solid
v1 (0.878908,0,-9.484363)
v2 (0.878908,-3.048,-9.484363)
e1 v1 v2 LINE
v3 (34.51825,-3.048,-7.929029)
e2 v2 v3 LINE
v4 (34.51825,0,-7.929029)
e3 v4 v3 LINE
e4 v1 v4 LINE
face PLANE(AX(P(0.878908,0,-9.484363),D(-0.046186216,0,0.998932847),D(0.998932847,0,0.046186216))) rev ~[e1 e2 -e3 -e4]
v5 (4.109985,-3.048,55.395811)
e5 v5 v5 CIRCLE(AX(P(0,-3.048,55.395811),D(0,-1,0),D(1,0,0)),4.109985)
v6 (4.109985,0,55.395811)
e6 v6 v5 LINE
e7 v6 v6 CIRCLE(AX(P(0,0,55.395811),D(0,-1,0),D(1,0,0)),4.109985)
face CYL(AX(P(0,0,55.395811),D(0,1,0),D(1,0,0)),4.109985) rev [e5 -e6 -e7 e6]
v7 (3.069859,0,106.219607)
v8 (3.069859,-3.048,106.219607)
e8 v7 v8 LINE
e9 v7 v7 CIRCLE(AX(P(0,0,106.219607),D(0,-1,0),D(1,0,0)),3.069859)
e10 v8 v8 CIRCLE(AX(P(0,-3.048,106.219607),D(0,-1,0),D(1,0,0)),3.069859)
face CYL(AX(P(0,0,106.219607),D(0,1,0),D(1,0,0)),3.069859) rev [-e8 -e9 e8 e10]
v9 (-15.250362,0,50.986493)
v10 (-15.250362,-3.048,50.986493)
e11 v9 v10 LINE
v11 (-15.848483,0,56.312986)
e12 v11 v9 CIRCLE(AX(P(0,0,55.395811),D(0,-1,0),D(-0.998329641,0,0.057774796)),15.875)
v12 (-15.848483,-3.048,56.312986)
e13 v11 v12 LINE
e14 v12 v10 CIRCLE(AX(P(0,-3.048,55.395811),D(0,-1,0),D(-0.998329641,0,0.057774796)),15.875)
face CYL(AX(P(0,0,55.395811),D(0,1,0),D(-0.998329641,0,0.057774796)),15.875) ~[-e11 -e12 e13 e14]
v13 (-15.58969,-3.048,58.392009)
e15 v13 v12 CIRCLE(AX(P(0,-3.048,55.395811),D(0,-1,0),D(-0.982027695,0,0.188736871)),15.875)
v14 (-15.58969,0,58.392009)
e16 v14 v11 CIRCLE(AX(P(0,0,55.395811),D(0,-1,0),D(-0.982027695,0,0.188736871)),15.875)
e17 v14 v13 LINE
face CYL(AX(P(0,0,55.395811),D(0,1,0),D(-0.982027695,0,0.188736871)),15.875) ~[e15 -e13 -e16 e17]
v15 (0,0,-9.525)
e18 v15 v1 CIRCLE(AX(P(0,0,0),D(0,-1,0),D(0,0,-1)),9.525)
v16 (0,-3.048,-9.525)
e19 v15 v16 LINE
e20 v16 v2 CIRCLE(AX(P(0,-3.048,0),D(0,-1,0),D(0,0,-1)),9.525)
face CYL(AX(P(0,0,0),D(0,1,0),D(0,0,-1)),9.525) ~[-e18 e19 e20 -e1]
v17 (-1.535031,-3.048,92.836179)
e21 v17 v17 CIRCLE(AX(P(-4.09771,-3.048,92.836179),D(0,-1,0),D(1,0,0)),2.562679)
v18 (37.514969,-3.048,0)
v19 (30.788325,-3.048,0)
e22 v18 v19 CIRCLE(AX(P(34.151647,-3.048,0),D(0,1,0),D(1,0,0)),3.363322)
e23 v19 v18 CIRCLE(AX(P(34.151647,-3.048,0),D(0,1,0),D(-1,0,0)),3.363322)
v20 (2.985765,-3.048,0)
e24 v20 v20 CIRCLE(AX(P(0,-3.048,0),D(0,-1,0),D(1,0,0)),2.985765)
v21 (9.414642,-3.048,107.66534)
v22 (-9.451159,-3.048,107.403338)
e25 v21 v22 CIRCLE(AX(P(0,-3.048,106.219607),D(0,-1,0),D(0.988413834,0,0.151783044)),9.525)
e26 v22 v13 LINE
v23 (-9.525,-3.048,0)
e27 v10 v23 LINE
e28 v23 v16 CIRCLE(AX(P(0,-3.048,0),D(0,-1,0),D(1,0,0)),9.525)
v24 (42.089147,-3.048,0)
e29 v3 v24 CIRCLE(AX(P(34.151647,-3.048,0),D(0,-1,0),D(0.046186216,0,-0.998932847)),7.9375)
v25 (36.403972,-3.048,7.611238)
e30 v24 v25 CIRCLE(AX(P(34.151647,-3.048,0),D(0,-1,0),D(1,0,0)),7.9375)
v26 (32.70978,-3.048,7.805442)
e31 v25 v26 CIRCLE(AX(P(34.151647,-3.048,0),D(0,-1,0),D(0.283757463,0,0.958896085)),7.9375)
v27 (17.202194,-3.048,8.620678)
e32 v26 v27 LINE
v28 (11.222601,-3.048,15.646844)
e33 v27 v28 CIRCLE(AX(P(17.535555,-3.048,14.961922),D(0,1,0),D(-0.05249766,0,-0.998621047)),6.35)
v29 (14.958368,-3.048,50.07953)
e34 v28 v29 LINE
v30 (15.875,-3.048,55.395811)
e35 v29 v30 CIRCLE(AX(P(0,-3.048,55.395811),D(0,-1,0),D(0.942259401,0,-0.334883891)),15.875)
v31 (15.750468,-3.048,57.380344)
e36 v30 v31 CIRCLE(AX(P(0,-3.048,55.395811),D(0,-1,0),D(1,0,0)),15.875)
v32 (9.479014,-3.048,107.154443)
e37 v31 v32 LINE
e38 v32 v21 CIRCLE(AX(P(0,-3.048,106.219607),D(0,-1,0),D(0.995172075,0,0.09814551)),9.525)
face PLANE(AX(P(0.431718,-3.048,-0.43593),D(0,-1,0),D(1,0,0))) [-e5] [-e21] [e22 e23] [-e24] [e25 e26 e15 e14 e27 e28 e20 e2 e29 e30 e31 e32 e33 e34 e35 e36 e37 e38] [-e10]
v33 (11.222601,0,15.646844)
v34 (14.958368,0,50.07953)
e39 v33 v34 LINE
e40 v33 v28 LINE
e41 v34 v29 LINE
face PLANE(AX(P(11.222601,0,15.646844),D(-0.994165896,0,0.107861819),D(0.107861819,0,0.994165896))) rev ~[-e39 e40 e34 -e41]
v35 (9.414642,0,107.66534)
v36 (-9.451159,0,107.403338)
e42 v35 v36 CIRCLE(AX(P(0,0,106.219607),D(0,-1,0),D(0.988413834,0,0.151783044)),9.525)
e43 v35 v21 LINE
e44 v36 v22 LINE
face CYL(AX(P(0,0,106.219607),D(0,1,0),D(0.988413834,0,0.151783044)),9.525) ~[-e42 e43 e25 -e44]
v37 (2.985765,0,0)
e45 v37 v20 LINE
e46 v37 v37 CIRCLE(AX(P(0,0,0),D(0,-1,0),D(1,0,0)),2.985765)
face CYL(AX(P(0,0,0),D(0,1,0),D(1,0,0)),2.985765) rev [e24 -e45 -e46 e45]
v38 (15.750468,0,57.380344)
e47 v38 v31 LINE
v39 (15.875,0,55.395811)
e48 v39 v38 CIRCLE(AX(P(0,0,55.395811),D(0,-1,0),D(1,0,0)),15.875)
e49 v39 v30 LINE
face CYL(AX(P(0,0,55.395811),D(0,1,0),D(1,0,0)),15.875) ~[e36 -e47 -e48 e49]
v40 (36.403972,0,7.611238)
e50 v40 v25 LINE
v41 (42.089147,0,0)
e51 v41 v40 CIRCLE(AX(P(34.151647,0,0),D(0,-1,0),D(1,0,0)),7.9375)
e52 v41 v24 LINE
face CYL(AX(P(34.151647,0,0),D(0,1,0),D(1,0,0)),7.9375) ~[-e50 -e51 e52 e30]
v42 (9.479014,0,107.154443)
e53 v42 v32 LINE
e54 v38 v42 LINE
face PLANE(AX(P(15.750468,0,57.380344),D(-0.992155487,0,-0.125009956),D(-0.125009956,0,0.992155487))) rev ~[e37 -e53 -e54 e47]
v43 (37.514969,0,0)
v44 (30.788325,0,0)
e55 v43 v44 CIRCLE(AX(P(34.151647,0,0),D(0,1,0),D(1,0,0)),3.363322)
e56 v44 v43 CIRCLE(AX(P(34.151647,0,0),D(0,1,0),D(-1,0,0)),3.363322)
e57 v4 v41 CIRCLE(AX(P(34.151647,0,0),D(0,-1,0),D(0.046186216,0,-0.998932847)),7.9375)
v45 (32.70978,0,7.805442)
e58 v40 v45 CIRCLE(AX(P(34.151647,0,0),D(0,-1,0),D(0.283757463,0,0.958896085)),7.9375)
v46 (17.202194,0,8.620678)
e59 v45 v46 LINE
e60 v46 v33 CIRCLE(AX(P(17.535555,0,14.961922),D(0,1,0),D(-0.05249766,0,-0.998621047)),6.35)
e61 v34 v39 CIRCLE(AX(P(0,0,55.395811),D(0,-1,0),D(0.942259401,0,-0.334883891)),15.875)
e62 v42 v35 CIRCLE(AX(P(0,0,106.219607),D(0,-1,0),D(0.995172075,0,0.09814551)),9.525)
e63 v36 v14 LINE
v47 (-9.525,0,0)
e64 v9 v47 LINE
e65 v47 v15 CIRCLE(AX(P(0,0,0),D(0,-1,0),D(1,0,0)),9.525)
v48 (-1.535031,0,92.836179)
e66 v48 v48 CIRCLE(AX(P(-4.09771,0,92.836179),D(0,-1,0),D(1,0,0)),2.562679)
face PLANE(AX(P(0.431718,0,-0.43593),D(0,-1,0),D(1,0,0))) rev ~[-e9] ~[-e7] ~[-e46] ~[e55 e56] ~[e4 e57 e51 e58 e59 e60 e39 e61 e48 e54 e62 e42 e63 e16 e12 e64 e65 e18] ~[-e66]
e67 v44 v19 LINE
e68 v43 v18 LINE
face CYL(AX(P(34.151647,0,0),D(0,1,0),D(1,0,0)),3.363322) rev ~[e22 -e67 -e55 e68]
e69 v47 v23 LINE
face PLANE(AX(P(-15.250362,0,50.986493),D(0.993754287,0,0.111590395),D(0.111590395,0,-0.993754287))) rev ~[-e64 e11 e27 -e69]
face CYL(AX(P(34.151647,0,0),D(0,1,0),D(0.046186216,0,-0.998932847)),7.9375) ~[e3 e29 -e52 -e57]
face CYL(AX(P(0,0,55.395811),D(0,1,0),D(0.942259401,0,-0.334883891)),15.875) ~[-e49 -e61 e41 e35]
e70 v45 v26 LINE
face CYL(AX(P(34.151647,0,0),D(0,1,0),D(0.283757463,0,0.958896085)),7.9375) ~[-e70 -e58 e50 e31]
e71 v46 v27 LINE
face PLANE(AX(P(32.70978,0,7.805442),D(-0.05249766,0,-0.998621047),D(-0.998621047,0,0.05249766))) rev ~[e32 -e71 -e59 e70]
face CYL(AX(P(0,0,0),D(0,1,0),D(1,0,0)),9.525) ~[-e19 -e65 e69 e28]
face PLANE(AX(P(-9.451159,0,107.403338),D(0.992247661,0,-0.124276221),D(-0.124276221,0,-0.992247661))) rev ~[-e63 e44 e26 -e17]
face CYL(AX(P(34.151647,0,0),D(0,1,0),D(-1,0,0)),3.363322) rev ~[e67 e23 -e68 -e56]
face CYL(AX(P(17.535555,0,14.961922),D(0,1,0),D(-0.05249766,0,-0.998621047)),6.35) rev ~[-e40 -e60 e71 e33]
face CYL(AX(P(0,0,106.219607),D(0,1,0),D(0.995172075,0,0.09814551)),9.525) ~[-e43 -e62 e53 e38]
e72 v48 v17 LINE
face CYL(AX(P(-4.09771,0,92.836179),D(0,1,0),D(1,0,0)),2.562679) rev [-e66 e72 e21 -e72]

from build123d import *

# Parameters (mm, degrees)
F0_R     = 2.9857654251
F0_R_2   = 4.1099849919
F0_R_3   = 2.562679004
F0_R_4   = 3.0698593307
F1_DEPTH = 3.048


with BuildPart() as f1:
    # F0 (on Front) → F1 (new body)
    with BuildSketch(Plane.XZ):
        with BuildLine():
            ThreePointArc((0.8789084912, -9.4843631765), (7.0390776519, -6.4169315728), (9.525, 0))
            ThreePointArc((9.525, 0), (0, 9.525), (-9.525, 0))
            ThreePointArc((-9.525, 0), (-6.7351920908, -6.7351920908), (0, -9.525))
            Line((0, -9.525), (0.8789084912, -9.4843631765))
        make_face()
        Circle(F0_R, mode=Mode.SUBTRACT)
        with BuildLine():
            Line((26.2141472399, 0), (9.525, 0))
            ThreePointArc((9.525, 0), (7.0390776519, -6.4169315728), (0.8789084912, -9.4843631765))
            Line((0.8789084912, -9.4843631765), (34.5182503328, -7.9290294754))
            ThreePointArc((34.5182503328, -7.9290294754), (28.6701331151, -5.7408108443), (26.2141472399, 0))
        make_face()
        with BuildLine():
            ThreePointArc((-9.525, 0), (0, 9.525), (9.525, 0))
            Line((9.525, 0), (26.2141472399, 0))
            ThreePointArc((26.2141472399, 0), (28.0504698559, 5.0773556876), (32.7097795621, 7.8054419381))
            Line((32.7097795621, 7.8054419381), (17.2021943618, 8.620678039))
            ThreePointArc((17.2021943618, 8.620678039), (12.6997377229, 10.846417333), (11.2226010629, 15.6468442388))
            Line((11.2226010629, 15.6468442388), (14.9583679978, 50.0795296431))
            ThreePointArc((14.9583679978, 50.0795296431), (-0.4764040662, 39.5279613946), (-15.2503618955, 50.9864932041))
            Line((-15.2503618955, 50.9864932041), (-9.525, 0))
        make_face()
        with BuildLine():
            ThreePointArc((0, -9.525), (0.4399237114, -9.5148353705), (0.8789084912, -9.4843631765))
            Line((0.8789084912, -9.4843631765), (0, -9.525))
        make_face()
        with BuildLine():
            ThreePointArc((32.7097795621, 7.8054419381), (28.0504698559, 5.0773556876), (26.2141472399, 0))
            ThreePointArc((26.2141472399, 0), (28.6701331151, -5.7408108443), (34.5182503328, -7.9290294754))
            ThreePointArc((34.5182503328, -7.9290294754), (39.8924580842, -5.4815141248), (42.0891472399, 0))
            ThreePointArc((42.0891472399, 0), (40.5109606782, 4.75005672), (36.4039720983, 7.6112376774))
            Line((36.4039720983, 7.6112376774), (32.7097795621, 7.8054419381))
        make_face()
        with BuildLine():
            ThreePointArc((37.5149692495, 0), (34.1516472399, -3.3633220096), (30.7883252304, 0))
            ThreePointArc((30.7883252304, 0), (34.1516472399, 3.3633220096), (37.5149692495, 0))
        make_face(mode=Mode.SUBTRACT)
        with BuildLine():
            Line((-15.8484830578, 56.3129862946), (-15.2503618955, 50.9864932041))
            ThreePointArc((-15.2503618955, 50.9864932041), (-0.4764040662, 39.5279613946), (14.9583679978, 50.0795296431))
            Line((14.9583679978, 50.0795296431), (15.7504683605, 57.3803444616))
            ThreePointArc((15.7504683605, 57.3803444616), (0.5121804883, 71.2625469344), (-15.5896896566, 58.3920092375))
            ThreePointArc((-15.5896896566, 58.3920092375), (-15.7534205811, 57.3567716345), (-15.8484830578, 56.3129862946))
        make_face()
        with Locations((0, 55.3958114117)):
            Circle(F0_R_2, mode=Mode.SUBTRACT)
        with BuildLine():
            ThreePointArc((-15.8484830578, 56.3129862946), (-15.7758493121, 53.6243138866), (-15.2503618955, 50.9864932041))
            Line((-15.2503618955, 50.9864932041), (-15.8484830578, 56.3129862946))
        make_face()
        with BuildLine():
            ThreePointArc((36.4039720983, 7.6112376774), (34.5683474128, 7.9265545615), (32.7097795621, 7.8054419381))
            Line((32.7097795621, 7.8054419381), (36.4039720983, 7.6112376774))
        make_face()
        with BuildLine():
            Line((15.7504683605, 57.3803444616), (14.9583679978, 50.0795296431))
            ThreePointArc((14.9583679978, 50.0795296431), (15.6441637195, 52.6984485296), (15.875, 55.3958114117))
            ThreePointArc((15.875, 55.3958114117), (15.8438365023, 56.3900296417), (15.7504683605, 57.3803444616))
        make_face()
        with BuildLine():
            Line((-9.4511589715, 107.4033378583), (-15.5896896566, 58.3920092375))
            ThreePointArc((-15.5896896566, 58.3920092375), (0.5121804883, 71.2625469344), (15.7504683605, 57.3803444616))
            Line((15.7504683605, 57.3803444616), (9.4790140139, 107.1544428399))
            ThreePointArc((9.4790140139, 107.1544428399), (9.5134965571, 106.6875900341), (9.525, 106.2196068518))
            ThreePointArc((9.525, 106.2196068518), (-0.5930159343, 96.7130850325), (-9.4511589715, 107.4033378583))
        make_face()
        with Locations((-4.0977103636, 92.8361788392)):
            Circle(F0_R_3, mode=Mode.SUBTRACT)
        with BuildLine():
            ThreePointArc((9.4146417701, 107.6653403477), (-0.1322675418, 115.7436884505), (-9.4511589715, 107.4033378583))
            ThreePointArc((-9.4511589715, 107.4033378583), (-0.5930159343, 96.7130850325), (9.525, 106.2196068518))
            ThreePointArc((9.525, 106.2196068518), (9.5134965571, 106.6875900341), (9.4790140139, 107.1544428399))
            Line((9.4790140139, 107.1544428399), (9.4146417701, 107.6653403477))
        make_face()
        with Locations((0, 106.2196068518)):
            Circle(F0_R_4, mode=Mode.SUBTRACT)
        with BuildLine():
            Line((9.4146417701, 107.6653403477), (9.4790140139, 107.1544428399))
            ThreePointArc((9.4790140139, 107.1544428399), (9.4502810163, 107.4103266818), (9.4146417701, 107.6653403477))
        make_face()
    extrude(amount=F1_DEPTH)


solid = f1.part
